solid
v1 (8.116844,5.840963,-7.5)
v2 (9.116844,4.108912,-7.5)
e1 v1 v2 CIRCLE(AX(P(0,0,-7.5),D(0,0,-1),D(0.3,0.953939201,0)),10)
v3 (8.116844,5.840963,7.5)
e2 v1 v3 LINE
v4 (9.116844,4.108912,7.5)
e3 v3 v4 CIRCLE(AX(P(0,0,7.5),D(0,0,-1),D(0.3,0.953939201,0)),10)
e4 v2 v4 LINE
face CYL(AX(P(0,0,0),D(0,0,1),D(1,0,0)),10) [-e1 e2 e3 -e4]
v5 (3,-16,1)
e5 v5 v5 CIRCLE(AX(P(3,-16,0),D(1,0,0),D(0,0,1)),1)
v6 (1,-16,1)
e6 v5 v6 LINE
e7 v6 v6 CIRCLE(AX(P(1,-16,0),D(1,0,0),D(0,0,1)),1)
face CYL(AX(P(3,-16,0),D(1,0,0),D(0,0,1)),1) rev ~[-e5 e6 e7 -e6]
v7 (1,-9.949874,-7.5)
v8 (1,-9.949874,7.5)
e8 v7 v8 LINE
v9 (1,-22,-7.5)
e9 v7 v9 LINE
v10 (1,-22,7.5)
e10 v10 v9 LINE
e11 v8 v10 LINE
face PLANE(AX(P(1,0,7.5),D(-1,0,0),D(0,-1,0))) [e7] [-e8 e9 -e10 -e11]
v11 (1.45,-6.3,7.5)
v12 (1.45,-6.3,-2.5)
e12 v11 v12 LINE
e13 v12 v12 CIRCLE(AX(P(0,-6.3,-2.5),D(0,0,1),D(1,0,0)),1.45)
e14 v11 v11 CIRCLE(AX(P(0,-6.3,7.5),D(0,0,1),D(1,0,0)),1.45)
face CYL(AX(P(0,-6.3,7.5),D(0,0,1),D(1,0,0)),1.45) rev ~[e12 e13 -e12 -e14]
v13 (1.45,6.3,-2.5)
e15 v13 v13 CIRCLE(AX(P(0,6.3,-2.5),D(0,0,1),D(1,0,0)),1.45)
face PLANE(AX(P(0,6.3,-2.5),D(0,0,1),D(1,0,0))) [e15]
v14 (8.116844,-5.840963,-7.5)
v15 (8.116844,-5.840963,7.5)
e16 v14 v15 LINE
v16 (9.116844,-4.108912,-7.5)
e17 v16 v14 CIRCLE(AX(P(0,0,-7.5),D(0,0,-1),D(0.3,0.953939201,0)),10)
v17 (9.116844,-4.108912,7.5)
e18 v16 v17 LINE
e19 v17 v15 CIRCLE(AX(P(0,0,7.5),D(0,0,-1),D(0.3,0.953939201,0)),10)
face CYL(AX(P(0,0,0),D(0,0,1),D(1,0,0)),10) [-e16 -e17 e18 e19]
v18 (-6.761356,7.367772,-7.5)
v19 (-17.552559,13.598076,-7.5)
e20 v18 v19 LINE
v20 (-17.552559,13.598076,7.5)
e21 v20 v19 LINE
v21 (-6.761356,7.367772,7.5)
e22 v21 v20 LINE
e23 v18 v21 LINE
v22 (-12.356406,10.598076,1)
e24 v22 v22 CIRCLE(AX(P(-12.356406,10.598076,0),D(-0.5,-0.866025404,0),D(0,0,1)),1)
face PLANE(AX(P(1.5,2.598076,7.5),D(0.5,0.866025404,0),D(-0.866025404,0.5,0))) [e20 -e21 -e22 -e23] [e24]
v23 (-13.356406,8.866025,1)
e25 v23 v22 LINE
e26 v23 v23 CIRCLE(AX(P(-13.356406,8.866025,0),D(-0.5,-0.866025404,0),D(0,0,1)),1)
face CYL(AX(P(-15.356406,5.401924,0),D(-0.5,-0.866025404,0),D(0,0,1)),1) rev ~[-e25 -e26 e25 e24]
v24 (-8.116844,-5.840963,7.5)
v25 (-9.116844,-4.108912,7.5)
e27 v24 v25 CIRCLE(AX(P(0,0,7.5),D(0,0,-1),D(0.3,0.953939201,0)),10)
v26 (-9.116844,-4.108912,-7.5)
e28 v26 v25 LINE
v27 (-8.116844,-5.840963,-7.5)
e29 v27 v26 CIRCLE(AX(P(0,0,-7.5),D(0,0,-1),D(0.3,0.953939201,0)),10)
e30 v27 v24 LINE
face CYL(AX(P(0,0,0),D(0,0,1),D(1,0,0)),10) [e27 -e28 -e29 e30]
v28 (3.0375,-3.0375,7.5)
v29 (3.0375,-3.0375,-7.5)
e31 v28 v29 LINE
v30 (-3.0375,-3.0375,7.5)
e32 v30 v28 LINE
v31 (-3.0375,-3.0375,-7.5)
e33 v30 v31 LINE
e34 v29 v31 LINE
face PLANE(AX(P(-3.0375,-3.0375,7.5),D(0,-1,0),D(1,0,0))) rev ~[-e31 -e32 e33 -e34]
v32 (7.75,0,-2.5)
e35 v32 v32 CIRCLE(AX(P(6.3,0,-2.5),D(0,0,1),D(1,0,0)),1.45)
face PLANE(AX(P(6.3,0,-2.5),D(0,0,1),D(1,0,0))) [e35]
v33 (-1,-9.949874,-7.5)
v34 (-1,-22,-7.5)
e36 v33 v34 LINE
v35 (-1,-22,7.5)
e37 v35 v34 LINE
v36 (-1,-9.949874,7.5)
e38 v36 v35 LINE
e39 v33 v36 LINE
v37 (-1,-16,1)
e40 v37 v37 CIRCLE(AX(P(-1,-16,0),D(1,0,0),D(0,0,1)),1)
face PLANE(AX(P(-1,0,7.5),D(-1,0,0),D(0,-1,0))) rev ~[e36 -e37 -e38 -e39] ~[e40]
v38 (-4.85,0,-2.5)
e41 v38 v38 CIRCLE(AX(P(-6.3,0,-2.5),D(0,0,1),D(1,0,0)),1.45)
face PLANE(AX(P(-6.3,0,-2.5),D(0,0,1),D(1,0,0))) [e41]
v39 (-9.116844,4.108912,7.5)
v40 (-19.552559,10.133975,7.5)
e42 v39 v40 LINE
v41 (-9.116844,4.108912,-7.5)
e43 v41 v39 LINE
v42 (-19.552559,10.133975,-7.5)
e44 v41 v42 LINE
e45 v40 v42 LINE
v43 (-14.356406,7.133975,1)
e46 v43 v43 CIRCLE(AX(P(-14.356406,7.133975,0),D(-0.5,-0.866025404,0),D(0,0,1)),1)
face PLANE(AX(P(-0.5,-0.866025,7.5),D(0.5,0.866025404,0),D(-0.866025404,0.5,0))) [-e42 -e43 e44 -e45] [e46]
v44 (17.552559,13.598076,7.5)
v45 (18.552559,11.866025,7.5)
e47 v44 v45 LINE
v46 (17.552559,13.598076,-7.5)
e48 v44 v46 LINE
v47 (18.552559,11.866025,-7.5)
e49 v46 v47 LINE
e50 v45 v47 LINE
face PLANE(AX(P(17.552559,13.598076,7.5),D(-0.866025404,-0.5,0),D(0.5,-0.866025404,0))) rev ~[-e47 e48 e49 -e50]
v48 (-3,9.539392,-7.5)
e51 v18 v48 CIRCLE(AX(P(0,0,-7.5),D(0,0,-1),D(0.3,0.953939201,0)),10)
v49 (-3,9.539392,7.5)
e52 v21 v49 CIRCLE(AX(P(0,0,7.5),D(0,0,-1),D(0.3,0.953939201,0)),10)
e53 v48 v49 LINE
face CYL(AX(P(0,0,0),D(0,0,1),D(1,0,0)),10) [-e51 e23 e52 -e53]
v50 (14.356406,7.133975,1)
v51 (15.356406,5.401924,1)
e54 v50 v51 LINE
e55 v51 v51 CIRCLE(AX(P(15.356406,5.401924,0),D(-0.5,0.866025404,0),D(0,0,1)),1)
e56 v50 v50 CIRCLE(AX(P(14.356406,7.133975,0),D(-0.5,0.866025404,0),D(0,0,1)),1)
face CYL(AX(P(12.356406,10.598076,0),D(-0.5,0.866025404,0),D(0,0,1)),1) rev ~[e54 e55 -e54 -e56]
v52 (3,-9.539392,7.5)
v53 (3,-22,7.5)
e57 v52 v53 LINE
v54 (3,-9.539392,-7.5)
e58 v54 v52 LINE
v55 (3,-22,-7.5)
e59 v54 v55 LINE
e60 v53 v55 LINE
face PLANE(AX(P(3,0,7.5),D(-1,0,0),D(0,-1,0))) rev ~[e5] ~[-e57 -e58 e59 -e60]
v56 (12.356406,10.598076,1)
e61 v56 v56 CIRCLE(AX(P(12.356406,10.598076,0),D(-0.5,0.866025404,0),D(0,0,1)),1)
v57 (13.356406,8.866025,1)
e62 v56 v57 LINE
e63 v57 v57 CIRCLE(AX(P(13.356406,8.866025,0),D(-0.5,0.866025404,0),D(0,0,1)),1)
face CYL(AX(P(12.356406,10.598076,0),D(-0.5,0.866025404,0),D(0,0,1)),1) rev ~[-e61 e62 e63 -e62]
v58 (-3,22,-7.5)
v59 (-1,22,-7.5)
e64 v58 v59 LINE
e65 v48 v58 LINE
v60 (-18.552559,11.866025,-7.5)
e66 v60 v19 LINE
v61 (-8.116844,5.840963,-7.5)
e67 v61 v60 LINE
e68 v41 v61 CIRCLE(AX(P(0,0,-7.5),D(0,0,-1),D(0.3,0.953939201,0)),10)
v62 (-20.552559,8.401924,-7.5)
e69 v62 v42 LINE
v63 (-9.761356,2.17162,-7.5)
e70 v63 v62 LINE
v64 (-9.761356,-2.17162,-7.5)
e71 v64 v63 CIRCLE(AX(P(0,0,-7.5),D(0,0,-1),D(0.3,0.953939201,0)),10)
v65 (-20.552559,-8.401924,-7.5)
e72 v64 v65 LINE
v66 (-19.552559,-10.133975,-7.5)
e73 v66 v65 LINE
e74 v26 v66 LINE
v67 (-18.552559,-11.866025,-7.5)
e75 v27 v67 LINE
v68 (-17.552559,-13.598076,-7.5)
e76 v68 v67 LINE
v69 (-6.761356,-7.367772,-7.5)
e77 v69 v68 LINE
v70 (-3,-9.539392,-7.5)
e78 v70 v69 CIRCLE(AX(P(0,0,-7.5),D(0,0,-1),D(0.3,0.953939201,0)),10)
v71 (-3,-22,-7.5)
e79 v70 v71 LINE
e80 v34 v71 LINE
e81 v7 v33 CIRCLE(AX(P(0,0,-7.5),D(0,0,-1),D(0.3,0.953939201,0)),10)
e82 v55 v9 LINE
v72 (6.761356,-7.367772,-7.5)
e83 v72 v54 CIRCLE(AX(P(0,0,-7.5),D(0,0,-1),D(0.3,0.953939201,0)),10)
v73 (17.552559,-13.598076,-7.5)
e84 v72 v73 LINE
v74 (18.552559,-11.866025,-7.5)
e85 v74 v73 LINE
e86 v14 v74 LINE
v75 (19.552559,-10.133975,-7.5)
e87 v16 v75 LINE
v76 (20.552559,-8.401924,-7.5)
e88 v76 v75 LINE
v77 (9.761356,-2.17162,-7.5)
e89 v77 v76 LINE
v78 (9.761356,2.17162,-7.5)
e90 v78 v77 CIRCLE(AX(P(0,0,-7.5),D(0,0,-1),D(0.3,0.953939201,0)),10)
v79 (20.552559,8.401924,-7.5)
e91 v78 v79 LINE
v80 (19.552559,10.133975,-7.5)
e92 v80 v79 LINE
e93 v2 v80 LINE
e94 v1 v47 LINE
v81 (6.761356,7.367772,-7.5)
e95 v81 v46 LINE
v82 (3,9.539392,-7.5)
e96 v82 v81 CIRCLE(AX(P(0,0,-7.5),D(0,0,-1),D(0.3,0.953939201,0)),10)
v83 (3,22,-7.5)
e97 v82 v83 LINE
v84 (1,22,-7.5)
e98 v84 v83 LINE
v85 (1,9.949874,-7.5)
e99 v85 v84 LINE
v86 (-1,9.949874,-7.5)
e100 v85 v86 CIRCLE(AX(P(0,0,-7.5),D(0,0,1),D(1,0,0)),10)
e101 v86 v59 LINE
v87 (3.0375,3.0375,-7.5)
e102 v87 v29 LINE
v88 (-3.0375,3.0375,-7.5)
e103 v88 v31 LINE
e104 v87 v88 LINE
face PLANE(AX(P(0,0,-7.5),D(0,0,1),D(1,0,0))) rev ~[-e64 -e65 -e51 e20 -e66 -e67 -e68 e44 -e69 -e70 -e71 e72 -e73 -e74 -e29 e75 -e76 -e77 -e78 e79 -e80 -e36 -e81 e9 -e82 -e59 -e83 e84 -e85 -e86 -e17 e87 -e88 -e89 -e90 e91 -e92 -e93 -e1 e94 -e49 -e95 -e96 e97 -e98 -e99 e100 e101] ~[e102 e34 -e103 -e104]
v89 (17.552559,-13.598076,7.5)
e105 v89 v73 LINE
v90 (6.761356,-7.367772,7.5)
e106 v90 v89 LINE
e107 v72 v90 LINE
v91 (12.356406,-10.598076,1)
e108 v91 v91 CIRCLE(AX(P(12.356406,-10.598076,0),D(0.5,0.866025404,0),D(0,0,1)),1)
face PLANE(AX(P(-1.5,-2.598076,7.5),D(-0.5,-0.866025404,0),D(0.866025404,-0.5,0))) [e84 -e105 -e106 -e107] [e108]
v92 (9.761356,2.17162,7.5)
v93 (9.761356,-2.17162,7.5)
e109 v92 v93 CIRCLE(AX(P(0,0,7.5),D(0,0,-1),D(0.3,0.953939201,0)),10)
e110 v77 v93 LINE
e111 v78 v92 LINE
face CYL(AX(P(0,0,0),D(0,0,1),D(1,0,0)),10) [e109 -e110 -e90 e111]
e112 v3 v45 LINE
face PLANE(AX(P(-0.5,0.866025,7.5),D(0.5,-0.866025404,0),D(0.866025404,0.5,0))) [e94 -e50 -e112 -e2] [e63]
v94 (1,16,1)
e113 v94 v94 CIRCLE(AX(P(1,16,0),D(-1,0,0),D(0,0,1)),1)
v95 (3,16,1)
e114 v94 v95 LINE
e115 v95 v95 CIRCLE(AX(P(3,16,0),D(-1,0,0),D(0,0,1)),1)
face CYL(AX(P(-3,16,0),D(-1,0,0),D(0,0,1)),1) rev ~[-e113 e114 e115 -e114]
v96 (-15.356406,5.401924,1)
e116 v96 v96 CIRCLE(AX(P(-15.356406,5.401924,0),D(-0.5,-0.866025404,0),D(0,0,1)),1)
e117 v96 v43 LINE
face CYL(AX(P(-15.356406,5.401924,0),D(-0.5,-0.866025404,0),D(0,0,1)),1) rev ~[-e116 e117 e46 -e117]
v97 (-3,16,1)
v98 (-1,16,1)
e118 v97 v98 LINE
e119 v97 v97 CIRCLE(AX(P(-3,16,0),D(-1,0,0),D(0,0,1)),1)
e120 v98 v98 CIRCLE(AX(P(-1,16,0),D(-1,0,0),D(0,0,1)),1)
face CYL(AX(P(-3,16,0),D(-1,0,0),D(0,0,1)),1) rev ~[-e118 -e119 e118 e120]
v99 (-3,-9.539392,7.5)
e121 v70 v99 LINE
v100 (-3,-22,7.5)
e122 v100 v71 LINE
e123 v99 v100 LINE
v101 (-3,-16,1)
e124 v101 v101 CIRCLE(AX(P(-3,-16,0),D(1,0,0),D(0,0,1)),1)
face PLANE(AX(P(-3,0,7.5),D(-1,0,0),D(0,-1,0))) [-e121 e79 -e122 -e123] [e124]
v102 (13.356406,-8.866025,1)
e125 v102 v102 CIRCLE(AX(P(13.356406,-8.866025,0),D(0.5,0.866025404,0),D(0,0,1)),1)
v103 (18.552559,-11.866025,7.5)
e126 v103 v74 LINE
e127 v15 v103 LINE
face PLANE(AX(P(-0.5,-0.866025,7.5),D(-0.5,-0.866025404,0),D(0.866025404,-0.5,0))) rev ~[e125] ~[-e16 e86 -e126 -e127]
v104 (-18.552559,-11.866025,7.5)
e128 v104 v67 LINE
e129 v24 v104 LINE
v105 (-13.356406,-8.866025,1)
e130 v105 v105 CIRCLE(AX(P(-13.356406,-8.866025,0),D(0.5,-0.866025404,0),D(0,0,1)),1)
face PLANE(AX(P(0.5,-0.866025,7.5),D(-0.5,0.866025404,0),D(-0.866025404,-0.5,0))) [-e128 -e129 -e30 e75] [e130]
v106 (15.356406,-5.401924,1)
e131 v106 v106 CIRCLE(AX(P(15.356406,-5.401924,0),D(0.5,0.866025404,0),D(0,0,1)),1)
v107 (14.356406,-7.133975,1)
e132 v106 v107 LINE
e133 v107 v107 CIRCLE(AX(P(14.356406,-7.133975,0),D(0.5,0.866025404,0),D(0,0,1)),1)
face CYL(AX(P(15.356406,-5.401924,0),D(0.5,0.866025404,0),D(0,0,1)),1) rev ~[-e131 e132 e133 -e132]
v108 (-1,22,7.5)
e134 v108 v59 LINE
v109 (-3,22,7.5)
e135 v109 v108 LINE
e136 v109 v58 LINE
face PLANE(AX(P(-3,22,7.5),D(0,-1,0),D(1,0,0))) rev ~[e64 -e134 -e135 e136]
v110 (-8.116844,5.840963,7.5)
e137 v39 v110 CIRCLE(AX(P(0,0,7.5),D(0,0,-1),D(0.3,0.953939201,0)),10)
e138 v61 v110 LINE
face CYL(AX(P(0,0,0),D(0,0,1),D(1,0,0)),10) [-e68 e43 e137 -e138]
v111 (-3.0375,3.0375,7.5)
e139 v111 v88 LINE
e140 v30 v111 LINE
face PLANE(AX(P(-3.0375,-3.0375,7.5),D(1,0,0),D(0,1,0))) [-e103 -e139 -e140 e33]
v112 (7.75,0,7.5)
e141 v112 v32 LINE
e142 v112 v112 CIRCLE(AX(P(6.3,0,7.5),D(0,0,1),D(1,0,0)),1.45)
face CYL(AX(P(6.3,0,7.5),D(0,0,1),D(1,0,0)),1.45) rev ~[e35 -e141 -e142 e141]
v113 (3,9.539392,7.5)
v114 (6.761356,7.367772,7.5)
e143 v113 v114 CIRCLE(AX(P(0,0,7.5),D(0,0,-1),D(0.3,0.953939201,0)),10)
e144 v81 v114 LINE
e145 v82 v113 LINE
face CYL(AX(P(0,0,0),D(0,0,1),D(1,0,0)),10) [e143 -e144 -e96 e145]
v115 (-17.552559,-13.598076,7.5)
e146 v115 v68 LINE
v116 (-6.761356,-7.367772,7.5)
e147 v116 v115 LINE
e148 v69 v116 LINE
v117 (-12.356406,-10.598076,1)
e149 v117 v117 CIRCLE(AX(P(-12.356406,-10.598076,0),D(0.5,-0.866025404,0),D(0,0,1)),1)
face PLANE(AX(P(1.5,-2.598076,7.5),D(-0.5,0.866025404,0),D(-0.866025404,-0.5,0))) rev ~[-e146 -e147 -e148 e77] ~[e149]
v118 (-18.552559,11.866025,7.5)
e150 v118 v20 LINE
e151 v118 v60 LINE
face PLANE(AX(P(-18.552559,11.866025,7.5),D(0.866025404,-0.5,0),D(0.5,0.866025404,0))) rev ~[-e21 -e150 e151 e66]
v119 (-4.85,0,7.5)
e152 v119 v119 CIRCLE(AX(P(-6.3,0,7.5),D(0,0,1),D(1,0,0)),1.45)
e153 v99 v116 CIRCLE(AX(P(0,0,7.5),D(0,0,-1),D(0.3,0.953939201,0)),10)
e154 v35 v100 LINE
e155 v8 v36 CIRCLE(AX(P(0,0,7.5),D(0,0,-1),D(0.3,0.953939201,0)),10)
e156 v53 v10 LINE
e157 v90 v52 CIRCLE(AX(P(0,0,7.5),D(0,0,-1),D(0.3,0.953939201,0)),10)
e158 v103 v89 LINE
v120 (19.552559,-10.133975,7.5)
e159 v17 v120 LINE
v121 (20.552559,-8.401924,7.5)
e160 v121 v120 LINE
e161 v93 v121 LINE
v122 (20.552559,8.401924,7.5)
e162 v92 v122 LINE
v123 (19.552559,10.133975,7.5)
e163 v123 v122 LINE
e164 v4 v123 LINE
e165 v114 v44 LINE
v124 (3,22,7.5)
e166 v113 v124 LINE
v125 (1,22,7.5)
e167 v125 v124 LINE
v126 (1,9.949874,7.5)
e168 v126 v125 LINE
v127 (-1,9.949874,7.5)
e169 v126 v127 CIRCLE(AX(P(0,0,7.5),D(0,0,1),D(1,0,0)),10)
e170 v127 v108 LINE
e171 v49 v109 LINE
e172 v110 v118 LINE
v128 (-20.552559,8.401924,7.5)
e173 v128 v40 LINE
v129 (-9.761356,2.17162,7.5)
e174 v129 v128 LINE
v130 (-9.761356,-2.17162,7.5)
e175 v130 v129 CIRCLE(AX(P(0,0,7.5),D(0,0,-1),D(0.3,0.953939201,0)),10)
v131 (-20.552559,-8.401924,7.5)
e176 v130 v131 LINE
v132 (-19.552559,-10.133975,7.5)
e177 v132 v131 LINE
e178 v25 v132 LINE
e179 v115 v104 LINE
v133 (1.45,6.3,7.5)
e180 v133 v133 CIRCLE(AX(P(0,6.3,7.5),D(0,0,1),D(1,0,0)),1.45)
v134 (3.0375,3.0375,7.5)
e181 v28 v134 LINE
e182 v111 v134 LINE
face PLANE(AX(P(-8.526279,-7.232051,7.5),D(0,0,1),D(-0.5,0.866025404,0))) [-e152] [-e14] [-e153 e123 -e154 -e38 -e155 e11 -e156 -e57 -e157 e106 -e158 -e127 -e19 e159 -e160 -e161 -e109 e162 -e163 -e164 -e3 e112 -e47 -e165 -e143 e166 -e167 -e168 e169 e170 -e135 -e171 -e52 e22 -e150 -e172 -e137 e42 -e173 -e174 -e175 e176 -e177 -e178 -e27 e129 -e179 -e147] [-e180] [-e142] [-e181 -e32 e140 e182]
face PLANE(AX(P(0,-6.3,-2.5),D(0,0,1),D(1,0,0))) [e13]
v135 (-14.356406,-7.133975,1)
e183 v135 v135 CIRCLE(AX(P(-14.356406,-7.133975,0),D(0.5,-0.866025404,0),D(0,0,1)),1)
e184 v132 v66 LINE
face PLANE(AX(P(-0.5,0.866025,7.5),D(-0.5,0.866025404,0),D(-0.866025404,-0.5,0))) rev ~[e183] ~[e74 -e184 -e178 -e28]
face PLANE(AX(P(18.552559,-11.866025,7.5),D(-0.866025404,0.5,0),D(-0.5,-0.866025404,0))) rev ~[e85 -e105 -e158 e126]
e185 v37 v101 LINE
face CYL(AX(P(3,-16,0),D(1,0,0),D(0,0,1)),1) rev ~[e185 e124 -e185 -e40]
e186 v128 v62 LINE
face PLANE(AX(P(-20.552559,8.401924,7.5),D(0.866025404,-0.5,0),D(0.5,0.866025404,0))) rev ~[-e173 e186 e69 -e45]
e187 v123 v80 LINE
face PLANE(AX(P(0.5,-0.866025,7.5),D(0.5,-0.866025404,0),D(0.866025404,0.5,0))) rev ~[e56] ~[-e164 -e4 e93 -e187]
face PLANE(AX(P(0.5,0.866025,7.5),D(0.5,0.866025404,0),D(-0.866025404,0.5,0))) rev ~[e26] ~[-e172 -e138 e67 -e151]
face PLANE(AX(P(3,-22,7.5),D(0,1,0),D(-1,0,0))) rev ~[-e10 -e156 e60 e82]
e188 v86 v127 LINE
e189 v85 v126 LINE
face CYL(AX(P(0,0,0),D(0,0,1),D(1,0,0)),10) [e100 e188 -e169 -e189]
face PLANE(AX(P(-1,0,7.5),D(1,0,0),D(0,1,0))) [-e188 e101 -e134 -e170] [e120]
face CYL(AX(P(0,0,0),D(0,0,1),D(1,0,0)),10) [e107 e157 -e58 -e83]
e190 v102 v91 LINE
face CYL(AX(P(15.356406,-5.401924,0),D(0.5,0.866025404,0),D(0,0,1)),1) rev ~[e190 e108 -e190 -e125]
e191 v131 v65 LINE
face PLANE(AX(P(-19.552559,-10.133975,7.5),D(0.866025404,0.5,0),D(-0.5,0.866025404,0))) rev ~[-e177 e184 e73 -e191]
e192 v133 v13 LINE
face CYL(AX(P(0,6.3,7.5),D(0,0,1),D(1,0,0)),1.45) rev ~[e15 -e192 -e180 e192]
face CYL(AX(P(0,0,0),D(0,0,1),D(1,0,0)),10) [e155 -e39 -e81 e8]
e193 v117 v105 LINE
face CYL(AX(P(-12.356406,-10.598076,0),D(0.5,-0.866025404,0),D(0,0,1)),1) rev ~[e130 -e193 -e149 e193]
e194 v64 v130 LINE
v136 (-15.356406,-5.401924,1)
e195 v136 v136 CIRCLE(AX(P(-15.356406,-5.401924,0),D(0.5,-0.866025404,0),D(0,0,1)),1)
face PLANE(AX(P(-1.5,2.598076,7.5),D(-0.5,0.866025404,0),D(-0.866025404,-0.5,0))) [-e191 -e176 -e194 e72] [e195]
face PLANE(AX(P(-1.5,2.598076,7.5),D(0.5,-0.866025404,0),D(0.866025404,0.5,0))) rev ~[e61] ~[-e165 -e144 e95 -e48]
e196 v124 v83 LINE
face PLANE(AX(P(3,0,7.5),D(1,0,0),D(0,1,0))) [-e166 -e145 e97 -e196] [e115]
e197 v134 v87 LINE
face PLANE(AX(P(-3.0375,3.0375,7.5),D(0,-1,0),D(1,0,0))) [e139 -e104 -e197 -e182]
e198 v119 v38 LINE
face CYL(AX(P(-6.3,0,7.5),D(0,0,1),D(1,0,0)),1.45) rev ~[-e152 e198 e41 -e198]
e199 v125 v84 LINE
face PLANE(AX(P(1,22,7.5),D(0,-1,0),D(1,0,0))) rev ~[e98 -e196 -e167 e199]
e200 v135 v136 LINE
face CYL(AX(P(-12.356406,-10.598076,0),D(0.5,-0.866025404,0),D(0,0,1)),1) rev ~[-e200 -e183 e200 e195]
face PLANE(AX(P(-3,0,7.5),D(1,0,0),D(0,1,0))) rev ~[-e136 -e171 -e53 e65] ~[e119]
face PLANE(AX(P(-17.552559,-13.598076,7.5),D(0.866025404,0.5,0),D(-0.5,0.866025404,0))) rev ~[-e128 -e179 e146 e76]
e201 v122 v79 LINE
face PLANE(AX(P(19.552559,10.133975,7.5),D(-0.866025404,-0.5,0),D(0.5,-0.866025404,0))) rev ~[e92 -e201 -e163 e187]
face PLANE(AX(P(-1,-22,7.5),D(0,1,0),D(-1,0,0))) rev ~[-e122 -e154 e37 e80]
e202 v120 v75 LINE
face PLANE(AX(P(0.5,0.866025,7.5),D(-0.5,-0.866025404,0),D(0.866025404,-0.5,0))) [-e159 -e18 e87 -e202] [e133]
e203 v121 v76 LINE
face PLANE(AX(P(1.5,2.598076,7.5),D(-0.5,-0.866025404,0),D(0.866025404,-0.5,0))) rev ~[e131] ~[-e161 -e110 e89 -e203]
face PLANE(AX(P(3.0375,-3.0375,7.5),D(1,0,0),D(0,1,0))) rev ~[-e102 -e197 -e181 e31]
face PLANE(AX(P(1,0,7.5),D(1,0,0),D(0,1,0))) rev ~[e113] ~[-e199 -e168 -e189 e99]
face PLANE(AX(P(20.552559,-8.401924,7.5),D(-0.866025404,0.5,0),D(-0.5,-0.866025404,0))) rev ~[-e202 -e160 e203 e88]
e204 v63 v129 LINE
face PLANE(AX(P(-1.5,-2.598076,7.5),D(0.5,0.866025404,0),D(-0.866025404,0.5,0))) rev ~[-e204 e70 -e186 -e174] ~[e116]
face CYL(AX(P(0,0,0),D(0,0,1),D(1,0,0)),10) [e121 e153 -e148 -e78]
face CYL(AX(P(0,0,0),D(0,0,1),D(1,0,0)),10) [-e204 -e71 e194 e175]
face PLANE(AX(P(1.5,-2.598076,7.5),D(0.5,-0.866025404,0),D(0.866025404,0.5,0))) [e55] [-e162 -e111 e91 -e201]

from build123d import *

# Parameters (mm, degrees)
SKETCH1_R           = 10
BOSS_EXTRUDE1_DEPTH = 7.5
SKETCH4_W           = 2
SKETCH4_H           = 22
BOSS_EXTRUDE3_DEPTH = 15
CIRPATTERN7_COUNT   = 6
SKETCH7_R           = 1
CUT_EXTRUDE2_DEPTH  = 10
CIRPATTERN9_COUNT   = 6
CUT_EXTRUDE3_REACH  = 35.636
SKETCH8_W           = 6.075
SKETCH8_H           = 6.075
SKETCH9_R           = 1.45
CUT_EXTRUDE4_DEPTH  = 10


with BuildPart() as part:
    # Sketch1 → Boss-Extrude1 (new, symmetric)
    with BuildSketch(Plane.XY):
        Circle(SKETCH1_R)
    extrude(amount=BOSS_EXTRUDE1_DEPTH, both=True)

    # Sketch4 → Boss-Extrude3 (add)
    with BuildSketch(Plane.XY.offset(7.5)):
        with Locations((-2, 11)):
            Rectangle(SKETCH4_W, SKETCH4_H)
        with Locations((2, 11)):
            Rectangle(SKETCH4_W, SKETCH4_H)
    boss_extrude3 = extrude(amount=-BOSS_EXTRUDE3_DEPTH)

    # CirPattern7: Boss-Extrude3 ×6 about axis
    cirpattern7_axis = Axis((0, 0, 0), (0, 0, 1))
    for i in range(1, CIRPATTERN7_COUNT):
        add(boss_extrude3.rotate(cirpattern7_axis, i * 360 / CIRPATTERN7_COUNT))

    # Sketch7 → Cut-Extrude2 (cut)
    with BuildSketch(Plane.ZY.offset(3)):
        with Locations((0, 16)):
            Circle(SKETCH7_R)
        with Locations((40, 16)):
            Circle(SKETCH7_R)
        with Locations((80, 16)):
            Circle(SKETCH7_R)
        with Locations((120, 16)):
            Circle(SKETCH7_R)
        with Locations((160, 16)):
            Circle(SKETCH7_R)
    cut_extrude2 = extrude(amount=-CUT_EXTRUDE2_DEPTH, mode=Mode.SUBTRACT)

    # CirPattern9: Cut-Extrude2 ×6 about axis
    cirpattern9_axis = Axis((0, 0, 0), (0, 0, 1))
    for i in range(1, CIRPATTERN9_COUNT):
        add(cut_extrude2.rotate(cirpattern9_axis, i * 360 / CIRPATTERN9_COUNT), mode=Mode.SUBTRACT)

    # Sketch8 → Cut-Extrude3 (cut, up to next)
    with BuildSketch(Plane.XY.offset(7.5), mode=Mode.PRIVATE) as cut_extrude3_sk1:
        Rectangle(SKETCH8_W, SKETCH8_H)
    cut_extrude3_tool1 = extrude(cut_extrude3_sk1.sketch, amount=-CUT_EXTRUDE3_REACH, mode=Mode.PRIVATE) & part.part
    add(cut_extrude3_tool1.solids().sort_by_distance((0, 0, 7.5))[0], mode=Mode.SUBTRACT)

    # Sketch9 → Cut-Extrude4 (cut)
    with BuildSketch(Plane.XY.offset(7.5)):
        with Locations((6.3, 0)):
            Circle(SKETCH9_R)
        with Locations((0, -6.3)):
            Circle(SKETCH9_R)
        with Locations((-6.3, 0)):
            Circle(SKETCH9_R)
        with Locations((0, 6.3)):
            Circle(SKETCH9_R)
    extrude(amount=-CUT_EXTRUDE4_DEPTH, mode=Mode.SUBTRACT)


solid = part.part
